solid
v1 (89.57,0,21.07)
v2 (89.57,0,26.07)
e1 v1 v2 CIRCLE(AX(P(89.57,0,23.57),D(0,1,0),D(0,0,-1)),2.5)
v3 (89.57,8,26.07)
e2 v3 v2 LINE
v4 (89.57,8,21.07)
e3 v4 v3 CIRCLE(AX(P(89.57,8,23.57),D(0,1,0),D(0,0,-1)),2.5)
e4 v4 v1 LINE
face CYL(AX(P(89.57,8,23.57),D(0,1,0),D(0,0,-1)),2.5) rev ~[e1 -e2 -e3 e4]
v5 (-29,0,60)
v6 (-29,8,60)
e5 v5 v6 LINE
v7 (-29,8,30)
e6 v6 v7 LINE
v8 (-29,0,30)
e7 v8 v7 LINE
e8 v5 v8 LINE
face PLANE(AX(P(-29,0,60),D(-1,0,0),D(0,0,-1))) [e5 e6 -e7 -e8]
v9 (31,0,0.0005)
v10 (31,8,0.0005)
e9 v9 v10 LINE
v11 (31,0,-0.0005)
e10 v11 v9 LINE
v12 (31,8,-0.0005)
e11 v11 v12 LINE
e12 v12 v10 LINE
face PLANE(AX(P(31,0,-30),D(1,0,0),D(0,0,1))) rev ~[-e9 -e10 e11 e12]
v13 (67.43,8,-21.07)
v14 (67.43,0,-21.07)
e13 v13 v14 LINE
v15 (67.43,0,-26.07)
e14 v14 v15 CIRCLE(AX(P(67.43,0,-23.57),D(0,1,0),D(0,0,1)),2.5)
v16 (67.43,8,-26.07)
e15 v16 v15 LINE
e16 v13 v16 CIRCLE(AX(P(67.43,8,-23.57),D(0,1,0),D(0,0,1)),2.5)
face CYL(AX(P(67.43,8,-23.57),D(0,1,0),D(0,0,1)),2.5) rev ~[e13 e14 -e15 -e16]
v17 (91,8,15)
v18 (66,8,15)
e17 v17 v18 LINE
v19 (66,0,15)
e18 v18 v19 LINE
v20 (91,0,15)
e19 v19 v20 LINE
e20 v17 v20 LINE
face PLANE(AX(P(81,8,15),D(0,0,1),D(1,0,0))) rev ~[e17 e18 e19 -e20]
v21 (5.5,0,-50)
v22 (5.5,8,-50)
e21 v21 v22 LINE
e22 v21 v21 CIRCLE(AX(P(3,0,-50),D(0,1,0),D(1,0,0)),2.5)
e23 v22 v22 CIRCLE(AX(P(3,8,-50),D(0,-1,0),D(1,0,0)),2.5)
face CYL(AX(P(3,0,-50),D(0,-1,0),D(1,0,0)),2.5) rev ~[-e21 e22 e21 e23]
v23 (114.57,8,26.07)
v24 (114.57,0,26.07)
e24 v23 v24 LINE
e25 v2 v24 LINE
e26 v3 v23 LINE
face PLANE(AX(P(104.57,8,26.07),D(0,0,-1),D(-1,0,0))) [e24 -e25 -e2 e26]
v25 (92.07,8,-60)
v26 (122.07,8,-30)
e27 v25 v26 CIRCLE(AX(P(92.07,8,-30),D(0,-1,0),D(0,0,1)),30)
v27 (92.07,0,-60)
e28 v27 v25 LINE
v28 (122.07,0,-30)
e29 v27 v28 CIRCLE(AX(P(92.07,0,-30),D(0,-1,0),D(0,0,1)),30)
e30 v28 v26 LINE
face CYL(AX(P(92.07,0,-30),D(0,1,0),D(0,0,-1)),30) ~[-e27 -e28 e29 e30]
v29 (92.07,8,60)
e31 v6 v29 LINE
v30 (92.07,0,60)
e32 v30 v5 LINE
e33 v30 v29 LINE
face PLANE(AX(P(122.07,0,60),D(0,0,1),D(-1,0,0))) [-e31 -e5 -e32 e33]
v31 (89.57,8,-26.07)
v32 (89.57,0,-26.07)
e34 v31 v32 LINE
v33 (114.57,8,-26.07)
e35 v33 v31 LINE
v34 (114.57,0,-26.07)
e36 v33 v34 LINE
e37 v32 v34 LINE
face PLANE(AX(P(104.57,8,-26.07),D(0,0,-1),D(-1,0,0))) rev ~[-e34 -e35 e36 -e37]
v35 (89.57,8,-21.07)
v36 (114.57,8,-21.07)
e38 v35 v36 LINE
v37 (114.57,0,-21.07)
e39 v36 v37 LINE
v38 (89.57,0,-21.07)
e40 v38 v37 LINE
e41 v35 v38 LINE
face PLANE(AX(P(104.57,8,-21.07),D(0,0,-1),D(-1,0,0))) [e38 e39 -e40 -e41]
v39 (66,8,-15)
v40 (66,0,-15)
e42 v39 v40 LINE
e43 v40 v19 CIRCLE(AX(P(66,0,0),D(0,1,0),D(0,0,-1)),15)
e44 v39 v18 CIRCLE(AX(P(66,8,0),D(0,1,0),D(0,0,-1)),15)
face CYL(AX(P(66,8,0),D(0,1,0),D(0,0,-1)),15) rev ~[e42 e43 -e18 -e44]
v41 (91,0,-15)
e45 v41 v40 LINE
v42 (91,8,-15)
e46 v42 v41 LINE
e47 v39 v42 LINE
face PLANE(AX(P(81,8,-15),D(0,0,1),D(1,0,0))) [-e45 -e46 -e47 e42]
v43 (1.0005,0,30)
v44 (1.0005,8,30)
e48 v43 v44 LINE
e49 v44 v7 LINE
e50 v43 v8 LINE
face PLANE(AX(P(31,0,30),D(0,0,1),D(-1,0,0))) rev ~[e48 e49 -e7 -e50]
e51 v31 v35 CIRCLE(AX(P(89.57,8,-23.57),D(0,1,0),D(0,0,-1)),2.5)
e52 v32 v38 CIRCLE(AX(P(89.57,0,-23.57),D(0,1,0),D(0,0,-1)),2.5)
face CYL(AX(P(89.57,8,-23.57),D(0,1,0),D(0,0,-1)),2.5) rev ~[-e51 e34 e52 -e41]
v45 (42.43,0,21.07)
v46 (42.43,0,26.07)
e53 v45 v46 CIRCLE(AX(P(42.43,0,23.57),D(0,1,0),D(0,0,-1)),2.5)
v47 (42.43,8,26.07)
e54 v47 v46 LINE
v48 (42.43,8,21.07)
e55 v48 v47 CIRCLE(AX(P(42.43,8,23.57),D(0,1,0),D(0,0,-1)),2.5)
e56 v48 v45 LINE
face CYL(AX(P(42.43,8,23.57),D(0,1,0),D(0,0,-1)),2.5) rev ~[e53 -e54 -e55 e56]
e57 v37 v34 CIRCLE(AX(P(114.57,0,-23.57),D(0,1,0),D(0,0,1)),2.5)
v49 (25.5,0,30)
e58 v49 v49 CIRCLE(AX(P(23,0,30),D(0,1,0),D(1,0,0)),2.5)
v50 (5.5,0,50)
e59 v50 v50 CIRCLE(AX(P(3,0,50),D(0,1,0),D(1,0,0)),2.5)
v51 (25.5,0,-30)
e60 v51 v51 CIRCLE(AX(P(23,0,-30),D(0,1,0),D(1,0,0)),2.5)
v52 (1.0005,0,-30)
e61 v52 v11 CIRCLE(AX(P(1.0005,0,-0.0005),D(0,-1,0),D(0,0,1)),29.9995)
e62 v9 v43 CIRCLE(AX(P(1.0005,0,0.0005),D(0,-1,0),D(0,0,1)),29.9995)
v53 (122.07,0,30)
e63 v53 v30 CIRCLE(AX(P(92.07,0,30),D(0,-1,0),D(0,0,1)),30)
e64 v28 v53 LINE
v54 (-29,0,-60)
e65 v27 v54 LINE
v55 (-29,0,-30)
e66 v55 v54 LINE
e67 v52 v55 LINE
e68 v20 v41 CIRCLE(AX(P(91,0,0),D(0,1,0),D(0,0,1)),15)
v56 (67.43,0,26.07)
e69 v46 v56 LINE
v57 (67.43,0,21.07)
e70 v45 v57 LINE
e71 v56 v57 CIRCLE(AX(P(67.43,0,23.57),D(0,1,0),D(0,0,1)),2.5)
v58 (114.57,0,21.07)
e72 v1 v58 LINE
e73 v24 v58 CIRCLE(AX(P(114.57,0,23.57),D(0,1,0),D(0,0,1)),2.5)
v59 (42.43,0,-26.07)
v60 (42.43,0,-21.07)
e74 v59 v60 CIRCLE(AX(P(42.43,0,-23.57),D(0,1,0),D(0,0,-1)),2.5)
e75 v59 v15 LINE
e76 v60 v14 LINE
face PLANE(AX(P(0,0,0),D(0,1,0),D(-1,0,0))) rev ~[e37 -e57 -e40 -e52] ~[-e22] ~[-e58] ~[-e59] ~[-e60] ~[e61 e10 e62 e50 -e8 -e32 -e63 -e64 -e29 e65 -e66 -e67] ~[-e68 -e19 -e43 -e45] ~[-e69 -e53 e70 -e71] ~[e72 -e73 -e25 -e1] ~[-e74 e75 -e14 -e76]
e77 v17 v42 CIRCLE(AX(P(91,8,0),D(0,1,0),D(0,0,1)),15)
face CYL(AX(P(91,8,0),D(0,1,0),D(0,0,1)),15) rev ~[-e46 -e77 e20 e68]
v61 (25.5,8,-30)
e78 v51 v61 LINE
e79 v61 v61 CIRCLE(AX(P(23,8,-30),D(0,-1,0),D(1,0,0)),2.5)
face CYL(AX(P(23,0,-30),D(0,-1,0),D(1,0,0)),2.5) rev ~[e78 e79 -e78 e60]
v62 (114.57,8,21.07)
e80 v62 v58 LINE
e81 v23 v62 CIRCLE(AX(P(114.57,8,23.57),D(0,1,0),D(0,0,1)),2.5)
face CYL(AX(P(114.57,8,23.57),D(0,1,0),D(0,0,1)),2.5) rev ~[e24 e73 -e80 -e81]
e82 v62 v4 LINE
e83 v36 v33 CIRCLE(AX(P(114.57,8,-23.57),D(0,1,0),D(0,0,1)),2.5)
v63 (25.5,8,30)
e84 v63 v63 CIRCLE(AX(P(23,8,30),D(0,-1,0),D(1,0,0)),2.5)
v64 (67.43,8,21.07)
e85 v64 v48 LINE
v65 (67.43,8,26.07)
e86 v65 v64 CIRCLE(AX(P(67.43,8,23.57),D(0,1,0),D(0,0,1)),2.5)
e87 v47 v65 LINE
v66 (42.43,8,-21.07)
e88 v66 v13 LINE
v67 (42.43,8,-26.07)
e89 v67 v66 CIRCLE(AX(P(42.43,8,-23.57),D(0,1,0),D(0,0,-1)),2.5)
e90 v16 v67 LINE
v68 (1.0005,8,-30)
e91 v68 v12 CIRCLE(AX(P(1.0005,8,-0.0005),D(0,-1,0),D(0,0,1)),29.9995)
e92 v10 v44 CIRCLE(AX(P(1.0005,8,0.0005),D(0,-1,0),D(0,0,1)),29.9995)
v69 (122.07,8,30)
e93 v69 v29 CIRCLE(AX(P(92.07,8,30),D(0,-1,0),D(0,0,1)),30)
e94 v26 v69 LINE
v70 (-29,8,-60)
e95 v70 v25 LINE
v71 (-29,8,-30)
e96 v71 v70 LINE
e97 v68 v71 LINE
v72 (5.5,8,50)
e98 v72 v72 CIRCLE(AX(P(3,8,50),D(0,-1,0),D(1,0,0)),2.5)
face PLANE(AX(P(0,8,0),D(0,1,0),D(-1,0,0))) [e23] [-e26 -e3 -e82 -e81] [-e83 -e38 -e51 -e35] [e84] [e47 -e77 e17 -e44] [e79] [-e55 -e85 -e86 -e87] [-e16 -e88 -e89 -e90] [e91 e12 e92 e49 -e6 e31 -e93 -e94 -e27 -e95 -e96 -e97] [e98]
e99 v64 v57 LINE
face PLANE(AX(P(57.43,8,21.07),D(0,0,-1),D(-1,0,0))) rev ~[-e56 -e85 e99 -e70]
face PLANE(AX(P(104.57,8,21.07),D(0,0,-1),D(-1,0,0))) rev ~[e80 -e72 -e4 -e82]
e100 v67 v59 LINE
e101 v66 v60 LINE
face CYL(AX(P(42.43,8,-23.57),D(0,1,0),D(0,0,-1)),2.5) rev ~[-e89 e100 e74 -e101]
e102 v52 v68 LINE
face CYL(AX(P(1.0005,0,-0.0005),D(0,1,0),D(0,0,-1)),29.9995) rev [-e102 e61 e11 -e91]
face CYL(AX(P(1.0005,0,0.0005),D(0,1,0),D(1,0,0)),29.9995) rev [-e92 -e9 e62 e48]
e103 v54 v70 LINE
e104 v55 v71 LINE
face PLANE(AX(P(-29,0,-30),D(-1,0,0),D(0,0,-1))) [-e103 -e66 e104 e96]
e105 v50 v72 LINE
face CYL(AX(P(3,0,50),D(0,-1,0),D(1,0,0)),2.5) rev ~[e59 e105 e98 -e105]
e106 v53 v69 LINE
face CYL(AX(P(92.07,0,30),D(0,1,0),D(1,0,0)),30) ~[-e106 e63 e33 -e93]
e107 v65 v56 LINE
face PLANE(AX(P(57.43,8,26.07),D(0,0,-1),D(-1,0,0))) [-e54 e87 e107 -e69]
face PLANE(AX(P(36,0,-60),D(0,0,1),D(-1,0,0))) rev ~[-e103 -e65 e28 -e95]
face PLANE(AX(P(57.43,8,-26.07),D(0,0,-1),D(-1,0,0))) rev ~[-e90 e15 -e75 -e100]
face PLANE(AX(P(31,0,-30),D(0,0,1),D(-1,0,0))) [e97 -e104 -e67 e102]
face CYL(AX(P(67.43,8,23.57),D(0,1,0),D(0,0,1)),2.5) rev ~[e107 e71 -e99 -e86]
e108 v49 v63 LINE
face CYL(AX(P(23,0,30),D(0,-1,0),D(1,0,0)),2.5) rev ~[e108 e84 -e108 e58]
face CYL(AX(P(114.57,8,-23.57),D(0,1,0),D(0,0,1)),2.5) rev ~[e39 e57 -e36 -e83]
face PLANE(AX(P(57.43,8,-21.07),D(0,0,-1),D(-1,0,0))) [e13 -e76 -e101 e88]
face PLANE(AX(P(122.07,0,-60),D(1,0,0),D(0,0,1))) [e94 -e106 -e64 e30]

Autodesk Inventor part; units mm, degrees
ref_plane "YZ Plane" through (0, 0, 0) normal (1, 0, 0) x (0, 1, 0)
ref_plane "XZ Plane" through (0, 0, 0) normal (0, 1, 0) x (-1, 0, 0)
ref_plane "XY Plane" through (0, 0, 0) normal (0, 0, 1) x (1, 0, 0)
sketch "Szkic1" plane through (0, 0, 0) normal (0, 1, 0) x (-1, 0, 0)
  line L0 (-28, -60) -> (29, -60)
  line L1 (-28, 60) -> (29, 60)
  line L2 (-28, 60) -> (-36, 60)
  line L3 (-36, -60) -> (-28, -60)
  circle A0 centre (-81, 0) radius 12.5
  circle A1 centre (0, 0) radius 24
  line L4 (-111, -60) -> (-36, -60)
  line L5 (-111, 60) -> (-36, 60)
  line L6 (29, 60) -> (29, -60)
  line L7 (-31, -30) -> (29, -30)
  line L8 (-31, 30) -> (29, 30)
  circle A2 centre (-81, 0) radius 15
  line L9 (-116, -60) -> (-111, -60)
  line L10 (-116, 60) -> (-111, 60)
  line L11 (-116, -60) -> (-119.57, -60)
  line L12 (-119.57, 60) -> (-116, 60)
  line L13 (-119.57, -60) -> (-122.07, -60)
  line L14 (-122.07, -60) -> (-122.07, 60)
  line L15 (-122.07, 60) -> (-119.57, 60)
  line L16 (-31, -30) -> (-31, 30)
  dimension "d0" = 30
extrude "Wyciągnięcie proste1" add sketch "Szkic1" along normal blind 8 contours L3 L4 L9 L11 L13 L14 L15 L12 L10 L5 L2 L1 L6 L8 L16 L7 L0
sketch "Szkic3" plane through (0, 8, 0) normal (0, 1, 0) x (1, 0, 0)
  line L0 (81, 15) -> (111, 15)
  line L1 (81, -15) -> (111, -15)
  arc A0 (11, -30) -> (11, 30) centre (11, 0) ccw projected
  circle A1 centre (81, 0) radius 15 projected
  arc A2 (66, 15) -> (66, -15) centre (66, 0) ccw
  line L2 (81, 15) -> (66, 15)
  line L3 (81, -15) -> (66, -15)
  arc A3 (91, -15) -> (91, 15) centre (91, 0) ccw
  line L4 (116, -60) -> (116, 60) projected
  line L5 (111, 15) -> (116, 15)
  line L6 (111, -15) -> (116, -15)
  point P0 (0, 0)
  point P1 (116, -30)
  point P2 (116, 30)
extrude "Wyciągnięcie proste4" cut sketch "Szkic3" against normal up to next contours L0 A3 L1 A1 | A1 | A1 L3 A2 L2
sketch "Szkic4" plane through (0, 8, 0) normal (0, 1, 0) x (1, 0, 0)
  line L0 (86, -60) -> (-29, -60)
  line L1 (-29, -60) -> (-29, -30)
  line L2 (-29, -30) -> (11, -30)
  arc A0 (11, -30) -> (11, 30) centre (11, 0) ccw
  line L3 (11, 30) -> (-29, 30)
  line L4 (-29, 30) -> (-29, 60)
  line L5 (-29, 60) -> (86, 60)
  circle A1 centre (81, 0) radius 4
  circle A2 centre (0, 0) radius 5
  circle A3 centre (104.57, -23.57) radius 2.5
  circle A4 centre (57.43, -23.57) radius 2.5
  circle A5 centre (104.57, 23.57) radius 2.5
  circle A6 centre (57.43, 23.57) radius 2.5
  line L6 (122.07, 60) -> (-29, 60) projected
  line L7 (-29, 60) -> (-29, 30) projected
  line L8 (104.57, 23.57) -> (114.57, 23.57)
  line L9 (104.57, 23.57) -> (89.57, 23.57)
  arc A7 (114.57, 21.07) -> (114.57, 26.07) centre (114.57, 23.57) ccw
  arc A8 (89.57, 26.07) -> (89.57, 21.07) centre (89.57, 23.57) ccw
  line L10 (104.57, 26.07) -> (114.57, 26.07)
  line L11 (104.57, 21.07) -> (114.57, 21.07)
  line L12 (104.57, 26.07) -> (89.57, 26.07)
  line L13 (104.57, 21.07) -> (89.57, 21.07)
  circle A9 centre (104.57, -23.57) radius 2.5
  line L14 (104.57, -23.57) -> (114.57, -23.57)
  line L15 (104.57, -23.57) -> (89.57, -23.57)
  arc A10 (114.57, -26.07) -> (114.57, -21.07) centre (114.57, -23.57) ccw
  arc A11 (89.57, -21.07) -> (89.57, -26.07) centre (89.57, -23.57) ccw
  line L16 (104.57, -21.07) -> (114.57, -21.07)
  line L17 (104.57, -26.07) -> (114.57, -26.07)
  line L18 (104.57, -21.07) -> (89.57, -21.07)
  line L19 (104.57, -26.07) -> (89.57, -26.07)
  circle A12 centre (57.43, -23.57) radius 2.5
  line L20 (57.43, -23.57) -> (67.43, -23.57)
  line L21 (57.43, -23.57) -> (42.43, -23.57)
  arc A13 (67.43, -26.07) -> (67.43, -21.07) centre (67.43, -23.57) ccw
  arc A14 (42.43, -21.07) -> (42.43, -26.07) centre (42.43, -23.57) ccw
  line L22 (57.43, -21.07) -> (67.43, -21.07)
  line L23 (57.43, -26.07) -> (67.43, -26.07)
  line L24 (57.43, -21.07) -> (42.43, -21.07)
  line L25 (57.43, -26.07) -> (42.43, -26.07)
  circle A15 centre (57.43, 23.57) radius 2.5
  line L26 (57.43, 23.57) -> (67.43, 23.57)
  line L27 (57.43, 23.57) -> (42.43, 23.57)
  arc A16 (67.43, 21.07) -> (67.43, 26.07) centre (67.43, 23.57) ccw
  arc A17 (42.43, 26.07) -> (42.43, 21.07) centre (42.43, 23.57) ccw
  line L28 (57.43, 26.07) -> (67.43, 26.07)
  line L29 (57.43, 21.07) -> (67.43, 21.07)
  line L30 (57.43, 26.07) -> (42.43, 26.07)
  line L31 (57.43, 21.07) -> (42.43, 21.07)
  point P0 (0, 0)
  point P1 (86, 60)
  point P2 (116, 60)
  point P3 (119.57, 60)
  dimension "d17" = 10
  dimension "d18" = 15
  dimension "d20" = 2.5
  dimension "d22" = 10
  dimension "d23" = 15
  dimension "d24" = 2.5
  dimension "d25" = 10
  dimension "d26" = 15
  dimension "d27" = 2.5
  dimension "d28" = 10
  dimension "d29" = 15
  dimension "d30" = 2.5
extrude "Wyciągnięcie proste5" cut sketch "Szkic4" against normal up to next contours L14 L15 A3 | A3 L16 A10 L17 | A3 L15 L14 | A3 L19 A11 L18 | L20 L21 A4 | A4 L22 A13 L23 | A4 L21 L20 | A4 L25 A14 L24 | L8 L9 A5 | A5 L10 A7 L11 | A5 L9 L8 | A5 L13 A8 L12 | L26 L27 A6 | A6 L28 A16 L29 | A6 L27 L26 | A6 L31 A17 L30
fillet "Zaokrąglenie5" radius 30 2 edges at (31, 4, -30) (31, 4, 30)
fillet "Zaokrąglenie6" radius 30 2 edges at (122.07, 4, 60) (122.07, 4, -60)
sketch "Szkic5" plane through (0, 0, 0) normal (0, -1, 0) x (1, 0, 0)
  line L0 (122.07, 30) -> (122.07, -30)
  arc A0 (122.07, 30) -> (92.07, 60) centre (92.07, 30) ccw
  line L1 (-29, 60) -> (92.07, 60)
  line L2 (-29, 30) -> (-29, 60)
  arc A1 (1, -30) -> (1, 30) centre (1, 0) ccw
  line L3 (1, 30) -> (-29, 30)
  line L4 (-29, -30) -> (1, -30)
  line L5 (-29, -60) -> (-29, -30)
  line L6 (92.07, -60) -> (-29, -60)
  arc A2 (92.07, -60) -> (122.07, -30) centre (92.07, -30) ccw
  circle A3 centre (0, 0) radius 24
  arc A4 (-16.7697, 48.5) -> (-16.7697, 51.5) centre (-12, 50) ccw
  circle A5 centre (-19, 16) radius 2.5
  line L7 (-16.7697, 48.5) -> (-29, 48.5)
  line L8 (-29, 51.5) -> (-16.7697, 51.5)
  circle A6 centre (-12, -50) radius 5
  line L9 (-29, -48.5) -> (-16.7697, -48.5)
  line L10 (-16.7697, -51.5) -> (-29, -51.5)
  circle A7 centre (-19, -16) radius 2.5
  line L11 (36, -60) -> (36, 60)
  line L12 (-29, 60) -> (92.07, 60) projected
  line L13 (-29, 30) -> (-29, 60) projected
  line L14 (36, 60) -> (28, 60)
  line L15 (28, 60) -> (28, -60)
  line L16 (92.07, -60) -> (-29, -60) projected
  line L17 (28, -60) -> (18, -60)
  line L18 (18, -60) -> (18, 60)
  line L19 (18, -60) -> (18, -30)
  line L20 (18, 60) -> (18, 30)
  circle A8 centre (18, 30) radius 2.5
  circle A9 centre (18, -30) radius 2.5
  line L21 (18, -60) -> (3, -60)
  line L22 (3, -60) -> (3, 60)
  line L23 (3, 60) -> (3, 50)
  line L24 (3, -60) -> (3, -50)
  circle A10 centre (3, 50) radius 2.5
  circle A11 centre (3, -50) radius 2.5
  line L25 (28, -60) -> (23, -60)
  line L26 (92.07, -60) -> (-29, -60) projected
  line L27 (23, -60) -> (23, 60)
  line L28 (-29, 60) -> (92.07, 60) projected
  circle A12 centre (23, 30) radius 2.5
  circle A13 centre (23, -30) radius 2.5
  point P0 (0, 0)
  dimension "d36" = 8
  dimension "d37" = 10
  dimension "d38" = 30
  dimension "d39" = 30
  dimension "d40" = 5
  dimension "d41" = 5
  dimension "d42" = 15
  dimension "d43" = 10
  dimension "d44" = 10
  dimension "d45" = 5
  dimension "d46" = 5
  dimension "d49" = 5
  dimension "d50" = 5
  dimension "d51" = 5
extrude "Wyciągnięcie proste7" cut sketch "Szkic5" against normal up to next contours A12 L27 | L27 A12 | A13 L27 | L27 A13 | A10 L22 | L22 A10 | A11 L22 | L22 A11
properties part number "Uchwyt silnika krokowego osi Zi"
